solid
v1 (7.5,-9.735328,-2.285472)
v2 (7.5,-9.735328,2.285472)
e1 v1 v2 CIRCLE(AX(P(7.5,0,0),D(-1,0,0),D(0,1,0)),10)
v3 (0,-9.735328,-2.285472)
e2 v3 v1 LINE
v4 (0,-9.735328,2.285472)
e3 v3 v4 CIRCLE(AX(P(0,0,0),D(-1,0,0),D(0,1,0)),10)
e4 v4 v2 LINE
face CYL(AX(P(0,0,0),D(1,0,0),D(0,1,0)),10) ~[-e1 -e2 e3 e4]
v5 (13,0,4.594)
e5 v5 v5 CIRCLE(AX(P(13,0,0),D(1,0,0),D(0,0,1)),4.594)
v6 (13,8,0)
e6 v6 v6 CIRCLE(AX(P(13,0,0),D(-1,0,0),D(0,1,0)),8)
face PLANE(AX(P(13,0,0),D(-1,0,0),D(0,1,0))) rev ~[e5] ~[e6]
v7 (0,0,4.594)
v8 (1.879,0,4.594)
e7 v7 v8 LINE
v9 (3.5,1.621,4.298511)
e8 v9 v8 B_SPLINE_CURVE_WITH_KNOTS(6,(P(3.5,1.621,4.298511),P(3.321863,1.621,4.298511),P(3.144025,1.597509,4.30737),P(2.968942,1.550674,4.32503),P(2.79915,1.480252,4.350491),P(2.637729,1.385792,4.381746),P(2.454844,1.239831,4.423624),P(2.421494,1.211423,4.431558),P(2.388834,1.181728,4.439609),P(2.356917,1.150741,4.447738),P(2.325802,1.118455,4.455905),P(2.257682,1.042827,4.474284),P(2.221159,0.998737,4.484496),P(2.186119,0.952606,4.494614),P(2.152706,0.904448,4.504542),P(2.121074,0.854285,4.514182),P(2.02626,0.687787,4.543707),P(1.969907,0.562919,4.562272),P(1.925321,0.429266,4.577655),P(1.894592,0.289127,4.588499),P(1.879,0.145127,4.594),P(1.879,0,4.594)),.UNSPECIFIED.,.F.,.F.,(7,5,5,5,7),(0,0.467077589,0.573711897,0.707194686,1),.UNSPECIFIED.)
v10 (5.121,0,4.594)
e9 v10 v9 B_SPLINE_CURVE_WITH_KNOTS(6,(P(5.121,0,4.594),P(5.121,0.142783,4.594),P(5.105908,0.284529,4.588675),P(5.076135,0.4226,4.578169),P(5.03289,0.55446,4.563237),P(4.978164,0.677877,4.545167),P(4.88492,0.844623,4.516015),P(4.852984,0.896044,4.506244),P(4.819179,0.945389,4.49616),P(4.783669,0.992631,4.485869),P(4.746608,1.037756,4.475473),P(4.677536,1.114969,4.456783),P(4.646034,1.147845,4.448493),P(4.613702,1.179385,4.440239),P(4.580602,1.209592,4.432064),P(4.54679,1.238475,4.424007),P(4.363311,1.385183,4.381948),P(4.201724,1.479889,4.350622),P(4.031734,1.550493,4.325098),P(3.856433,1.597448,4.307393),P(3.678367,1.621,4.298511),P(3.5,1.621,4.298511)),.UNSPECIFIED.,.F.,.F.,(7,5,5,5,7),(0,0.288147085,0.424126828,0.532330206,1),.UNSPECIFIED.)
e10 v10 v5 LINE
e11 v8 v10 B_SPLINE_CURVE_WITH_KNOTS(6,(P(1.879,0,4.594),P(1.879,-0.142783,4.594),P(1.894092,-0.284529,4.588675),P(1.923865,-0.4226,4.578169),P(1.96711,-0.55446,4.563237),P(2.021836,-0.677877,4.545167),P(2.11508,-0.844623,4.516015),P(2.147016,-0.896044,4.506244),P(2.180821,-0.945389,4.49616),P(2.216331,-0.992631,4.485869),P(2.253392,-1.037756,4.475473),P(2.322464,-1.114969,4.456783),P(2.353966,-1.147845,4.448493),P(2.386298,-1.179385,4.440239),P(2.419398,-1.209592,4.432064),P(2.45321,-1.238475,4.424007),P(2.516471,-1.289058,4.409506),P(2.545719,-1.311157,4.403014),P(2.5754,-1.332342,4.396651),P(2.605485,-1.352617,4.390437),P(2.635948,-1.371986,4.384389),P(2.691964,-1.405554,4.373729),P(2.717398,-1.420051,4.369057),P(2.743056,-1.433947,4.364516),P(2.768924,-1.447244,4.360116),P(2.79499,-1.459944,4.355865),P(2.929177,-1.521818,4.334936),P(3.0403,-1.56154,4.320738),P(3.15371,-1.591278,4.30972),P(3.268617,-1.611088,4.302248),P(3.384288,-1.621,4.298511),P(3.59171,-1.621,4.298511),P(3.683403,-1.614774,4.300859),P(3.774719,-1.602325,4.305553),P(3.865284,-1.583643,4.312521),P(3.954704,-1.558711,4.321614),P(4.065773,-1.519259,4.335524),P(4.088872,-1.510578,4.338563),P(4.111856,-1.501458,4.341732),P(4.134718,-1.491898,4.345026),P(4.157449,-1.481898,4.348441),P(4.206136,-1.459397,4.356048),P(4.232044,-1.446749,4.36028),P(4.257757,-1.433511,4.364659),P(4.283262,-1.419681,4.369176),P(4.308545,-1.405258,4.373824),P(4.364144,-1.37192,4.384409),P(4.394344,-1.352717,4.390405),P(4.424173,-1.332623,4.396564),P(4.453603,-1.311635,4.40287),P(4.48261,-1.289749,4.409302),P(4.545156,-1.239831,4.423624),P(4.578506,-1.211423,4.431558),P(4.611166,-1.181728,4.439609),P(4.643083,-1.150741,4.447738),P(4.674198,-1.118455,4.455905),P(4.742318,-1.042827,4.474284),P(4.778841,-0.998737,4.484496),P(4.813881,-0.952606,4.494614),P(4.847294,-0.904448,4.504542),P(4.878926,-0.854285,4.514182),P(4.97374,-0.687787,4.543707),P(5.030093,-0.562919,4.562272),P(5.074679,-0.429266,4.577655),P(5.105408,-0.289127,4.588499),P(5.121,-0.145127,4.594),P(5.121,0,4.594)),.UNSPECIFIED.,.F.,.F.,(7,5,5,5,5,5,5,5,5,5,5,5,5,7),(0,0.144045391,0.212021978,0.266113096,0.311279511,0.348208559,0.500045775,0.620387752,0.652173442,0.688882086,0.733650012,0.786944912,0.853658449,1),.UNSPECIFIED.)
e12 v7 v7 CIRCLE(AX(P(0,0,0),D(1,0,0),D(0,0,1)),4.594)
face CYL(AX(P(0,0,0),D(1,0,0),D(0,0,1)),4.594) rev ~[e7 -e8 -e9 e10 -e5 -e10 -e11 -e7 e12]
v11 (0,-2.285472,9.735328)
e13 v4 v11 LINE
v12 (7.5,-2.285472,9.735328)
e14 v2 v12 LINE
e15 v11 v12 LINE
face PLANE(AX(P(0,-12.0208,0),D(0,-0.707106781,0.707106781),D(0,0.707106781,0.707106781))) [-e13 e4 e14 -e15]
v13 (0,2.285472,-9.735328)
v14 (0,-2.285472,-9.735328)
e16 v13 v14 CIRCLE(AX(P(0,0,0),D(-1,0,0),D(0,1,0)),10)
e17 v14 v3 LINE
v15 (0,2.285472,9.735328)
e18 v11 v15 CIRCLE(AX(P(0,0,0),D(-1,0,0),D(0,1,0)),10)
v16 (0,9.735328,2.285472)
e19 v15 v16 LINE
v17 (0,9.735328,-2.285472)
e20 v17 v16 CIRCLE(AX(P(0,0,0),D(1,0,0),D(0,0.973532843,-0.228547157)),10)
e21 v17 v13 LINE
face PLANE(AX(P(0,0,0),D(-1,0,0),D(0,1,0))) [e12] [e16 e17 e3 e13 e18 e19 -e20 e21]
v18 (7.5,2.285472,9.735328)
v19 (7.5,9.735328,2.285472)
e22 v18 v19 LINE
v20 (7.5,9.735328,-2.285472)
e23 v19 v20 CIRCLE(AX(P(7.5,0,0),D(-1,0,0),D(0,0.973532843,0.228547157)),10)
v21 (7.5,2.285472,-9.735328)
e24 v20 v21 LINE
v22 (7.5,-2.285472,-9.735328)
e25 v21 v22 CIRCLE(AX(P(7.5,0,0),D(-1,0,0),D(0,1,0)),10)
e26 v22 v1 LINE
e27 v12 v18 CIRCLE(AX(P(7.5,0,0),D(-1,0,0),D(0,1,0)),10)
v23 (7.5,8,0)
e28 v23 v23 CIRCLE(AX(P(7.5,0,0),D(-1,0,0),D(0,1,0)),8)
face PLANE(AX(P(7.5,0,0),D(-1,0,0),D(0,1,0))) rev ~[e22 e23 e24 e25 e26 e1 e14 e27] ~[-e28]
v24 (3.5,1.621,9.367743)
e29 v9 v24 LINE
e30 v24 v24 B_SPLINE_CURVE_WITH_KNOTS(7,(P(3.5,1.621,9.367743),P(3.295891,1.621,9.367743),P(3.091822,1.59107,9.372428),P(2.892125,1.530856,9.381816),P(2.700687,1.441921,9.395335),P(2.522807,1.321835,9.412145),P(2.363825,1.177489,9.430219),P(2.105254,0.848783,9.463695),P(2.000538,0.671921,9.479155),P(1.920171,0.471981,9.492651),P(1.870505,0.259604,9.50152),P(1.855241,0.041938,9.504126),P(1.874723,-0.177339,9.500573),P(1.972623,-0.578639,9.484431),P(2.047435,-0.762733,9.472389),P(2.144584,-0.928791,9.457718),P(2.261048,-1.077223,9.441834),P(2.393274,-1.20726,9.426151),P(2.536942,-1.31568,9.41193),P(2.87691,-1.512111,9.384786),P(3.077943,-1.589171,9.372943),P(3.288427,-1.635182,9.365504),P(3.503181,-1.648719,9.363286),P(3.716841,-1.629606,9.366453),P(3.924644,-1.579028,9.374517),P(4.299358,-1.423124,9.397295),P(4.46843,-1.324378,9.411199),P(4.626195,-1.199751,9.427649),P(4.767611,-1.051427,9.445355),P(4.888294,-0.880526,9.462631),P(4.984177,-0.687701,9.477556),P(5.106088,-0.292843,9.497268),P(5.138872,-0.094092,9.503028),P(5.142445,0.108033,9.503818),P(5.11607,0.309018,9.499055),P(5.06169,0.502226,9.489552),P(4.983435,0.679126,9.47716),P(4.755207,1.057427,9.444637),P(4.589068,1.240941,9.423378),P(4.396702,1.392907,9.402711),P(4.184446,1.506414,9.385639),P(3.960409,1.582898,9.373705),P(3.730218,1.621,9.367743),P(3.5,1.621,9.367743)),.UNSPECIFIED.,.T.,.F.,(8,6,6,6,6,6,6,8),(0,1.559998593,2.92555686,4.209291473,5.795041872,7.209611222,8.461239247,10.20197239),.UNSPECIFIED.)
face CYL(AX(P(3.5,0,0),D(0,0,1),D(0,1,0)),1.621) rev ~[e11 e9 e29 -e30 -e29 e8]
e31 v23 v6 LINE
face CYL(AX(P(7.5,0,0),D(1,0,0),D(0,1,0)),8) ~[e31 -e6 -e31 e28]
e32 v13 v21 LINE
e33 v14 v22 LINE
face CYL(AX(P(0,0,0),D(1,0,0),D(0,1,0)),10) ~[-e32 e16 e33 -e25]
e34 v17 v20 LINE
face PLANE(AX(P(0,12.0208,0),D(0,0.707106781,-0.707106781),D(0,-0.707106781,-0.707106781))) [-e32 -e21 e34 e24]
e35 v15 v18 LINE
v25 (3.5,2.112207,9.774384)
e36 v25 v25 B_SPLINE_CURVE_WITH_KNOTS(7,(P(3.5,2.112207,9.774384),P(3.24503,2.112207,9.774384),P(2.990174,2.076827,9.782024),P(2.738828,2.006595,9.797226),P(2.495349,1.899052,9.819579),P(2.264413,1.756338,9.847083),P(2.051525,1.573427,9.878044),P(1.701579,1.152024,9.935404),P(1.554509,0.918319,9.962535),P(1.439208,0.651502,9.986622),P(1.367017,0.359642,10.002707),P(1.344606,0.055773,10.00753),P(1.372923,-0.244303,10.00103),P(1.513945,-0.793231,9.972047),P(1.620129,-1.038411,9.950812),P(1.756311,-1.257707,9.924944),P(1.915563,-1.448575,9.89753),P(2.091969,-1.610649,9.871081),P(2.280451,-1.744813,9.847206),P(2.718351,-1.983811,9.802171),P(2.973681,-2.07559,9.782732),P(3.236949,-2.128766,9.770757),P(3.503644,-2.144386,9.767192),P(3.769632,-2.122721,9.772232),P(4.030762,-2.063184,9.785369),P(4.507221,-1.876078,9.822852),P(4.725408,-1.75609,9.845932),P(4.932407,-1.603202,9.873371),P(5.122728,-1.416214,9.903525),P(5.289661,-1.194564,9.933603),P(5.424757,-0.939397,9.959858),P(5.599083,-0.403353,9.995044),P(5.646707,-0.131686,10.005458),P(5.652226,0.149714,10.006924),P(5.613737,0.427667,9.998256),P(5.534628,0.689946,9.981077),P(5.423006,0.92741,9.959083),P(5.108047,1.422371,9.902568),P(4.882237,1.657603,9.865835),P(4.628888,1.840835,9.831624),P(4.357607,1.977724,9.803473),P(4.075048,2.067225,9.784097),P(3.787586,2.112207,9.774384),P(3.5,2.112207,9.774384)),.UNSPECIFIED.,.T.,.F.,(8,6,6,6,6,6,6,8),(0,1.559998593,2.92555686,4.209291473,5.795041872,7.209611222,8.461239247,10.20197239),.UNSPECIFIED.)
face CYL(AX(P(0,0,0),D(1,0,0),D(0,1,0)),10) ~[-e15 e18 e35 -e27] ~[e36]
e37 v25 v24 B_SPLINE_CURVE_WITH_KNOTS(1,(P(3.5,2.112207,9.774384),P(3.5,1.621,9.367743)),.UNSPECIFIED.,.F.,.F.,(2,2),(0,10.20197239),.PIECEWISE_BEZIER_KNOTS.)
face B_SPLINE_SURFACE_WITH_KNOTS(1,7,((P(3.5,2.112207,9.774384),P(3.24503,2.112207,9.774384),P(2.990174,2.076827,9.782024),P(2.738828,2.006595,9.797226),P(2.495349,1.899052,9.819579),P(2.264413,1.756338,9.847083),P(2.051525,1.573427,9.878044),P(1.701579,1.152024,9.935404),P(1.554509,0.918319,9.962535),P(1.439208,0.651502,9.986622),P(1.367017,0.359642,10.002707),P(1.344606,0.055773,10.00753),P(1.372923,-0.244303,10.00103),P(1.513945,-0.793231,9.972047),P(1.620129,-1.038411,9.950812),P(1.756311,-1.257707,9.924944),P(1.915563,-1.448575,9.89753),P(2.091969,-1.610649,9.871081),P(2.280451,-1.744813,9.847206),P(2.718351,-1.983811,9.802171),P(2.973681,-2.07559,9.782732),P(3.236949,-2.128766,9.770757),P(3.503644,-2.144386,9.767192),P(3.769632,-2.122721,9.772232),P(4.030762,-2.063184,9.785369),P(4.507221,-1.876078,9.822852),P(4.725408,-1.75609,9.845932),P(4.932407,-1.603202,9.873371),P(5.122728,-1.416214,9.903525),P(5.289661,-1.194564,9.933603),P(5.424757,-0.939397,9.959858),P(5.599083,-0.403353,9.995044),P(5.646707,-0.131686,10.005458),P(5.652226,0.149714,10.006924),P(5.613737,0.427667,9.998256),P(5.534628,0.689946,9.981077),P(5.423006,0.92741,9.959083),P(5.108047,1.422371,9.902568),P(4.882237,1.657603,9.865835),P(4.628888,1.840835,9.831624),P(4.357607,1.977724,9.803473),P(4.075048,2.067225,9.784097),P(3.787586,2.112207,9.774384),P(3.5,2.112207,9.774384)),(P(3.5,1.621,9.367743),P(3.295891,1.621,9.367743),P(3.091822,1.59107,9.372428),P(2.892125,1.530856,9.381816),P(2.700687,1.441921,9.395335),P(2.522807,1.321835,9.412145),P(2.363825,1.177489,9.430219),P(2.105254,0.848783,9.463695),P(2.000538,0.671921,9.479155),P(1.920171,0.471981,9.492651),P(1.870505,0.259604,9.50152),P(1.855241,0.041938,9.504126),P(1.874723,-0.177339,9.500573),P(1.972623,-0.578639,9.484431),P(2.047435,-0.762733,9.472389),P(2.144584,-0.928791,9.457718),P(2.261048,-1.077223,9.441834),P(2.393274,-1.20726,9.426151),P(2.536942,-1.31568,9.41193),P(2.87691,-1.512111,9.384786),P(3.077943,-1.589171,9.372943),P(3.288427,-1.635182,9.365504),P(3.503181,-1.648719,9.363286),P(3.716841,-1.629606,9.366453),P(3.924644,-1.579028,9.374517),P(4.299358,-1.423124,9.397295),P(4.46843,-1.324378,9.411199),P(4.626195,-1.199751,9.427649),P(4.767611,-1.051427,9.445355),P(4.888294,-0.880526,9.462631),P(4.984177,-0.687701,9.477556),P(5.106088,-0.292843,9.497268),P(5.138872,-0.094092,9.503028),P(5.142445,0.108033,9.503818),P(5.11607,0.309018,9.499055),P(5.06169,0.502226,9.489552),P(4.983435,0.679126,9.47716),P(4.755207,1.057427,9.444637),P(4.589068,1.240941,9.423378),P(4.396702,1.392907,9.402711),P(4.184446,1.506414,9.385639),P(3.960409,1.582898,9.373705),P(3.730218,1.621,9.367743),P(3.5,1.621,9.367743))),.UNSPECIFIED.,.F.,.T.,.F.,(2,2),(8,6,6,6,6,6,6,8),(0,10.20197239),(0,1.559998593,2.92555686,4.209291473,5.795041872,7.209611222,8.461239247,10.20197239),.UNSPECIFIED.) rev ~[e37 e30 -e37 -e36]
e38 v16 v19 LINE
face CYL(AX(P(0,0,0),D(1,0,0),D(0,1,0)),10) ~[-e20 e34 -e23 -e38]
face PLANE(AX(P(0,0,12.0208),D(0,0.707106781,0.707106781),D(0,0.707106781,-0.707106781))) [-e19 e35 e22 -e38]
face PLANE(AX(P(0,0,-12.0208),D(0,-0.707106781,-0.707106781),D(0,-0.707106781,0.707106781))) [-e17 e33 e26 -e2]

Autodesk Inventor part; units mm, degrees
ref_plane "YZ Plane" through (0, 0, 0) normal (1, 0, 0) x (0, 1, 0)
ref_plane "XZ Plane" through (0, 0, 0) normal (0, 1, 0) x (-1, 0, 0)
ref_plane "XY Plane" through (0, 0, 0) normal (0, 0, 1) x (1, 0, 0)
sketch "Sketch1" plane through (0, 0, 0) normal (0, 0, 1) x (1, 0, 0)
  line L0 (0, 10) -> (0, 0)
  line L1 (0, 10) -> (7.5, 10)
  line L2 (7.5, 10) -> (7.5, 8)
  line L3 (7.5, 8) -> (13, 8)
  line L4 (13, 8) -> (13, 0)
  line L5 (13, 0) -> (0, 0)
  point P0 (0, 0)
  dimension "d0" = 16
  dimension "d1" = 20
  dimension "d2" = 13
  dimension "d3" = 7.5
revolve "Revolution1" add sketch "Sketch1" angle 360 about axis through (13, 0, 0) along (-1, 0, 0)
hole "Hole1" at (0, 0, 0) direction (1, 0, 0) diameter 9.188 end through all thread size "M10x0.75" class "6H" standard "ISO Metric profile"
sketch "Sketch2" plane through (0, 0, 0) normal (-1, 0, 0) x (0, 0, 1)
  line L0 (0, -12.0208) -> (12.0208, 0)
  line L1 (12.0208, 0) -> (0, 12.0208)
  line L2 (0, 12.0208) -> (-12.0208, 0)
  line L3 (-12.0208, 0) -> (0, -12.0208)
  line L4 (0, -12.0208) -> (0, 12.0208) construction
  line L5 (12.0208, 0) -> (-12.0208, 0) construction
  line L6 (0, -11.9) -> (0, 11.9) projected
  point P0 (0, 0)
  dimension "d14" = 17
extrude "Extrusion1" cut sketch "Sketch2" against normal through all keep common part
sketch "Sketch3" plane through (0, 0, 0) normal (0, 0, 1) x (1, 0, 0)
  line L0 (0, -2.2855) -> (0, 2.2855) projected
  point P0 (0, 0)
  point P1 (3.5, 0)
  point P2 (0, 0)
  dimension "d17" = 3.5
hole "Hole2" at (3.5, 0, 0) direction (0, 0, 1) diameter 3.242 end through all thread size "M4x0.7" class "6H" standard "ISO Metric profile"
chamfer "Chamfer1" distance 0.5 angle 45 1 edges at (3.4896, -1.621, 9.8677)
properties part number "Wellenmutter" material "Steel"
